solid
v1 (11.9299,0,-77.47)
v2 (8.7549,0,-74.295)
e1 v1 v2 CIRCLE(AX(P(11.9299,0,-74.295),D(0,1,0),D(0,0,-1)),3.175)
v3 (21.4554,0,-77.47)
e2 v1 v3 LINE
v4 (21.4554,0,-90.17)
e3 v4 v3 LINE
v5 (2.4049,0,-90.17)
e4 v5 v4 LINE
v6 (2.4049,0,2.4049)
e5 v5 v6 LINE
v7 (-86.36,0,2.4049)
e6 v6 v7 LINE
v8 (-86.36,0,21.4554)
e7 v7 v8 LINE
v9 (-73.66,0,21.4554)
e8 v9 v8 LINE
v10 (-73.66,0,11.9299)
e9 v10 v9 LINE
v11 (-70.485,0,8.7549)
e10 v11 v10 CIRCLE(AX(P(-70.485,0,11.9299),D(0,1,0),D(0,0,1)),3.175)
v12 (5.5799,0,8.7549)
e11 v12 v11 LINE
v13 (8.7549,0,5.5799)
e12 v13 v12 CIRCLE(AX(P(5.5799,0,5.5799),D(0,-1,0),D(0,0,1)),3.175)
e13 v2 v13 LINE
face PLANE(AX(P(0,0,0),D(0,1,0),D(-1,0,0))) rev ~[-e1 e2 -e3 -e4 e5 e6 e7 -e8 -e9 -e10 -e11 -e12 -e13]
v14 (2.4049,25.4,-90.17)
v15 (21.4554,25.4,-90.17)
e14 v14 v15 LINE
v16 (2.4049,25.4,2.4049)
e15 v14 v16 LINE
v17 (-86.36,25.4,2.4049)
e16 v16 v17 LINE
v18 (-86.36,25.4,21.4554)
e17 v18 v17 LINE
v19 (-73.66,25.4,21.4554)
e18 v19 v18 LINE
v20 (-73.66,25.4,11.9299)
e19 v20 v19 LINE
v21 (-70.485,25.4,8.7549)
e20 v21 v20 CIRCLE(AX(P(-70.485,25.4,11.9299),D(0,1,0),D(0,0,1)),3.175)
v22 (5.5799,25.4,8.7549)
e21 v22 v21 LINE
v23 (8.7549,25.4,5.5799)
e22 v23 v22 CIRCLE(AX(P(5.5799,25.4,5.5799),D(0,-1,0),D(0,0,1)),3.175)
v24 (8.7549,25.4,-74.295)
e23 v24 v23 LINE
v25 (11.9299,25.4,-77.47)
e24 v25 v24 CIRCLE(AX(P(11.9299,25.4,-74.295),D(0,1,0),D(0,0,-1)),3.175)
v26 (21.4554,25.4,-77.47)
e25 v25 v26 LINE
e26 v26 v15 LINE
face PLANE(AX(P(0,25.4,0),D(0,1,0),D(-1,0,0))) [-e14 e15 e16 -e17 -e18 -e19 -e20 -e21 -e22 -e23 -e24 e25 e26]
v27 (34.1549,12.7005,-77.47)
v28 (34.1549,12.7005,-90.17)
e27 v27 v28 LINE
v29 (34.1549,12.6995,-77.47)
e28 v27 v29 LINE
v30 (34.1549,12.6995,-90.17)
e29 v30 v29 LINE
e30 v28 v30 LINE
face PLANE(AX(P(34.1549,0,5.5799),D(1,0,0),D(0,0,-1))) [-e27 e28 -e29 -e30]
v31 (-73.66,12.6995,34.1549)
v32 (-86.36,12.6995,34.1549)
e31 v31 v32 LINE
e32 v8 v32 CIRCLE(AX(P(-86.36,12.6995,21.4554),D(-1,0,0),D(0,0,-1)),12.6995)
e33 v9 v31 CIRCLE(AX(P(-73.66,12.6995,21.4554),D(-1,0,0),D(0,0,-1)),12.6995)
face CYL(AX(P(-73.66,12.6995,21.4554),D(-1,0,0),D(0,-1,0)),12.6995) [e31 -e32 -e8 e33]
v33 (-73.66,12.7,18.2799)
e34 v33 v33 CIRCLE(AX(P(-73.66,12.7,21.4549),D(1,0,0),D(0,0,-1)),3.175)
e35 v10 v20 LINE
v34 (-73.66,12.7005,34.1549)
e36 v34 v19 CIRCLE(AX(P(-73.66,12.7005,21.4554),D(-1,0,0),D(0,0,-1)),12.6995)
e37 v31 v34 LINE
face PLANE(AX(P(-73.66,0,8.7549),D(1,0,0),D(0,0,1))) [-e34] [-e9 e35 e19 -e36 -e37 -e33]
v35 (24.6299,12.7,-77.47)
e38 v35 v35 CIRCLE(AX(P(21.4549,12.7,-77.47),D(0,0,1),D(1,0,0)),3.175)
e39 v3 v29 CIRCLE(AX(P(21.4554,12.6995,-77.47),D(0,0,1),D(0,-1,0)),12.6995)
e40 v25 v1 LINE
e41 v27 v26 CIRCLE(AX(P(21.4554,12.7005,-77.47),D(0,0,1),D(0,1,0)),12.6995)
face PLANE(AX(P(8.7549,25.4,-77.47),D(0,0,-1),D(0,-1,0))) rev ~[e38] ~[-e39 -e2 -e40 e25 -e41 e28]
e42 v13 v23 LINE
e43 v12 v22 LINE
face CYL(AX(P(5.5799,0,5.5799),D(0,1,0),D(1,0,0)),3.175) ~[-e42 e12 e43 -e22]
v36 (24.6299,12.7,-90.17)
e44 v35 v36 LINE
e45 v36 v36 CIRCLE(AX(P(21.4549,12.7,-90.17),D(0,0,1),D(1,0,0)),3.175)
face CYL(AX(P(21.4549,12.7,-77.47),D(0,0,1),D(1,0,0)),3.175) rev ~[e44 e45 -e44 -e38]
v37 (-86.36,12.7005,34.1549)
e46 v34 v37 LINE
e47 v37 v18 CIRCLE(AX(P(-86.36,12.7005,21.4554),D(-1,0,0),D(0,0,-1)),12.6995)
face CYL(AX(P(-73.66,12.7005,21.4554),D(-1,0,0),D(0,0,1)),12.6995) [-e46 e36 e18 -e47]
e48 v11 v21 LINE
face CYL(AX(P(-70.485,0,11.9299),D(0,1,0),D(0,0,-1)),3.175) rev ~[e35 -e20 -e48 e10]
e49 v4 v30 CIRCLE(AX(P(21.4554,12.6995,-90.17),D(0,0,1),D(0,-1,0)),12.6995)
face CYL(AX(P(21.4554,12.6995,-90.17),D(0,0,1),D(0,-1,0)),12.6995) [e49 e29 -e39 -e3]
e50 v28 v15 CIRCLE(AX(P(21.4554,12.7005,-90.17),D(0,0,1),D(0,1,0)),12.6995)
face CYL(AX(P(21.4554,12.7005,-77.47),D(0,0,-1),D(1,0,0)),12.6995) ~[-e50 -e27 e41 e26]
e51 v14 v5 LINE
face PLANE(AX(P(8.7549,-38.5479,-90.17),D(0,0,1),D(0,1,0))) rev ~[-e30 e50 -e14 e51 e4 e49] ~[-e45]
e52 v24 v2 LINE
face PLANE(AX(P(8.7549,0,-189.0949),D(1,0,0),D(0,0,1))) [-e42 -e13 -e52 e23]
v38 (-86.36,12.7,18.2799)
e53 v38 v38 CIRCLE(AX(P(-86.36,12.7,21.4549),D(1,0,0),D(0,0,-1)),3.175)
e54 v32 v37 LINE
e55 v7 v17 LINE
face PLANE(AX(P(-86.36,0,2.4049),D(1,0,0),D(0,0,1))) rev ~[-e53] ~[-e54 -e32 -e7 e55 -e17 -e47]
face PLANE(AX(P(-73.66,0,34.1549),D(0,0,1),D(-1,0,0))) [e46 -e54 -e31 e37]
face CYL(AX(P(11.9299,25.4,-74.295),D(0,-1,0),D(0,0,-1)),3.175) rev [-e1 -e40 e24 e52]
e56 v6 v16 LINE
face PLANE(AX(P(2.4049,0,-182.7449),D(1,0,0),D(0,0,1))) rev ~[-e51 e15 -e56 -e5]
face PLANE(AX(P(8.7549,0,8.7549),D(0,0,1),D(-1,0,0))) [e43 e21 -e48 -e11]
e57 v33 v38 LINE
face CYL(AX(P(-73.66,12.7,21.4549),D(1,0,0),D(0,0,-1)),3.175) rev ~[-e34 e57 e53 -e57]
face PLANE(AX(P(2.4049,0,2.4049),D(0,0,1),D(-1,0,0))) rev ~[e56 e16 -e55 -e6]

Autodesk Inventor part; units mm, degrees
ref_plane "YZ Plane" through (0, 0, 0) normal (1, 0, 0) x (0, 1, 0)
ref_plane "XZ Plane" through (0, 0, 0) normal (0, 1, 0) x (-1, 0, 0)
ref_plane "XY Plane" through (0, 0, 0) normal (0, 0, 1) x (1, 0, 0)
sketch "Sketch1" plane through (0, 0, 0) normal (0, 1, 0) x (-1, 0, 0)
  line L0 (0, 0) -> (86.36, 0)
  line L1 (86.36, 0) -> (86.36, -180.34)
  line L2 (86.36, -180.34) -> (0, -180.34)
  line L3 (0, -180.34) -> (0, 0)
  line L4 (-2.4049, 2.4049) -> (88.7649, 2.4049)
  line L5 (88.7649, 2.4049) -> (88.7649, -182.7449)
  line L6 (88.7649, -182.7449) -> (-2.4049, -182.7449)
  line L7 (-2.4049, -182.7449) -> (-2.4049, 2.4049)
  line L8 (-8.7549, 8.7549) -> (95.1149, 8.7549)
  line L9 (95.1149, 8.7549) -> (95.1149, -189.0949)
  line L10 (95.1149, -189.0949) -> (-8.7549, -189.0949)
  line L11 (-8.7549, -189.0949) -> (-8.7549, 8.7549)
  line L12 (86.36, 0) -> (86.36, 48.8454)
  line L13 (86.36, 48.8454) -> (86.36, -245.5667)
  line L14 (86.36, 8.7549) -> (73.66, 8.7549)
  line L15 (73.66, 8.7549) -> (73.66, 34.1549)
  line L16 (73.66, 34.1549) -> (86.36, 34.1549)
  line L17 (86.36, 34.1549) -> (86.36, 8.7549)
  line L18 (86.36, -189.0949) -> (73.66, -189.0949)
  line L19 (73.66, -189.0949) -> (73.66, -214.4949)
  line L20 (73.66, -214.4949) -> (86.36, -214.4949)
  line L21 (86.36, -214.4949) -> (86.36, -189.0949)
  point P0 (86.36, 34.1549)
  point P1 (73.66, 8.7549)
  point P2 (73.66, -189.0949)
  point P3 (86.36, -214.4949)
  point P4 (86.36, -182.7449)
  point P5 (86.36, 2.4049)
  dimension "d0" = 86.36
  dimension "d1" = 180.34
  dimension "d2" = 6.35
  dimension "d3" = 12.7
  dimension "d4" = 25.4
  dimension "d5" = 12.7
  dimension "d6" = 25.4
extrude "Extrusion1" add sketch "Sketch1" along normal blind 25.4 contours L4 L7 L6 L13 L10 L11 L8 L12 | L8 L15 L16 L12 | L13 L20 L19 L10
fillet "Fillet1" radius 3.175 4 edges at (8.7549, 12.7, 8.7549) (8.7549, 12.7, -189.0949) (-73.66, 12.7, 8.7549) (-73.66, 12.7, -189.0949)
fillet "Fillet2" radius 12.7 4 edges at (-80.01, 25.4, 34.1549) (-80.01, 0, 34.1549) (-80.01, 25.4, -214.4949) (-80.01, 0, -214.4949)
sketch "Sketch2" plane through (-73.66, 0, -192.2699) normal (1, 0, 0) x (0, 0, -1)
  arc A0 (-213.7248, 25.4) -> (-213.7248, 0) centre (-213.7248, 12.7) ccw projected
  line L0 (-213.7248, 0) -> (-204.1998, 0) projected
  line L1 (-204.1998, 25.4) -> (-204.1998, 0) projected
  line L2 (-213.7248, 25.4) -> (-204.1998, 25.4) projected
  arc A1 (9.525, 0) -> (9.525, 25.4) centre (9.525, 12.7) ccw projected
  line L3 (0, 25.4) -> (9.525, 25.4) projected
  line L4 (0, 0) -> (0, 25.4) projected
  line L5 (0, 0) -> (9.525, 0) projected
  circle A2 centre (-213.7248, 12.7) radius 3.175
  circle A3 centre (9.525, 12.7) radius 3.175
  point P0 (-192.2699, 0)
  dimension "d11" = 6.35
  dimension "d12" = 6.35
extrude "Extrusion2" cut sketch "Sketch2" against normal blind 25.4 contours A2 | A3
sketch "Sketch3" plane through (8.7549, 0, 5.5799) normal (1, 0, 0) x (0, 0, -1)
  line L0 (0, 25.4) -> (191.4998, 25.4) projected
  line L1 (95.7499, 25.4) -> (95.7499, 0)
  line L2 (188.3248, 0) -> (3.175, 0) projected
  line L3 (83.0499, 25.4) -> (83.0499, 0)
  point P0 (5.5799, 0)
  point P1 (83.0499, 0)
  dimension "d15" = 12.7
extrude "Extrusion3" add sketch "Sketch3" along normal blind 25.4
sketch "Sketch4" plane through (8.7549, 0, -185.9199) normal (1, 0, 0) x (0, 0, -1)
  line L0 (-3.175, 25.4) -> (-188.3248, 25.4) projected
  line L1 (-95.7499, 25.4) -> (115.4033, 25.4)
  line L2 (115.4033, 25.4) -> (115.4033, -38.5479)
  line L3 (115.4033, -38.5479) -> (-95.7499, -38.5479)
  line L4 (-95.7499, -38.5479) -> (-95.7499, 25.4)
  point P0 (-185.9199, 0)
  point P1 (-3.175, 25.4)
extrude "Extrusion4" cut sketch "Sketch4" along normal through all both and the other way through all
fillet "Fillet3" radius 12.7 2 edges at (34.1549, 25.4, -83.82) (34.1549, 0, -83.82)
fillet "Fillet4" radius 3.175 1 edges at (8.7549, 12.7, -77.47)
sketch "Sketch5" plane through (21.4549, 12.7, -77.47) normal (0, 0, 1) x (1, 0, 0)
  arc A0 (0, -12.7) -> (0, 12.7) centre (0, 0) ccw projected
  circle A1 centre (0, 0) radius 3.175
  point P0 (-21.4549, -12.7)
  dimension "d22" = 6.35
extrude "Extrusion5" cut sketch "Sketch5" against normal blind 25.4
properties part number "Battery mount top" material "Rubber, Silicone"
